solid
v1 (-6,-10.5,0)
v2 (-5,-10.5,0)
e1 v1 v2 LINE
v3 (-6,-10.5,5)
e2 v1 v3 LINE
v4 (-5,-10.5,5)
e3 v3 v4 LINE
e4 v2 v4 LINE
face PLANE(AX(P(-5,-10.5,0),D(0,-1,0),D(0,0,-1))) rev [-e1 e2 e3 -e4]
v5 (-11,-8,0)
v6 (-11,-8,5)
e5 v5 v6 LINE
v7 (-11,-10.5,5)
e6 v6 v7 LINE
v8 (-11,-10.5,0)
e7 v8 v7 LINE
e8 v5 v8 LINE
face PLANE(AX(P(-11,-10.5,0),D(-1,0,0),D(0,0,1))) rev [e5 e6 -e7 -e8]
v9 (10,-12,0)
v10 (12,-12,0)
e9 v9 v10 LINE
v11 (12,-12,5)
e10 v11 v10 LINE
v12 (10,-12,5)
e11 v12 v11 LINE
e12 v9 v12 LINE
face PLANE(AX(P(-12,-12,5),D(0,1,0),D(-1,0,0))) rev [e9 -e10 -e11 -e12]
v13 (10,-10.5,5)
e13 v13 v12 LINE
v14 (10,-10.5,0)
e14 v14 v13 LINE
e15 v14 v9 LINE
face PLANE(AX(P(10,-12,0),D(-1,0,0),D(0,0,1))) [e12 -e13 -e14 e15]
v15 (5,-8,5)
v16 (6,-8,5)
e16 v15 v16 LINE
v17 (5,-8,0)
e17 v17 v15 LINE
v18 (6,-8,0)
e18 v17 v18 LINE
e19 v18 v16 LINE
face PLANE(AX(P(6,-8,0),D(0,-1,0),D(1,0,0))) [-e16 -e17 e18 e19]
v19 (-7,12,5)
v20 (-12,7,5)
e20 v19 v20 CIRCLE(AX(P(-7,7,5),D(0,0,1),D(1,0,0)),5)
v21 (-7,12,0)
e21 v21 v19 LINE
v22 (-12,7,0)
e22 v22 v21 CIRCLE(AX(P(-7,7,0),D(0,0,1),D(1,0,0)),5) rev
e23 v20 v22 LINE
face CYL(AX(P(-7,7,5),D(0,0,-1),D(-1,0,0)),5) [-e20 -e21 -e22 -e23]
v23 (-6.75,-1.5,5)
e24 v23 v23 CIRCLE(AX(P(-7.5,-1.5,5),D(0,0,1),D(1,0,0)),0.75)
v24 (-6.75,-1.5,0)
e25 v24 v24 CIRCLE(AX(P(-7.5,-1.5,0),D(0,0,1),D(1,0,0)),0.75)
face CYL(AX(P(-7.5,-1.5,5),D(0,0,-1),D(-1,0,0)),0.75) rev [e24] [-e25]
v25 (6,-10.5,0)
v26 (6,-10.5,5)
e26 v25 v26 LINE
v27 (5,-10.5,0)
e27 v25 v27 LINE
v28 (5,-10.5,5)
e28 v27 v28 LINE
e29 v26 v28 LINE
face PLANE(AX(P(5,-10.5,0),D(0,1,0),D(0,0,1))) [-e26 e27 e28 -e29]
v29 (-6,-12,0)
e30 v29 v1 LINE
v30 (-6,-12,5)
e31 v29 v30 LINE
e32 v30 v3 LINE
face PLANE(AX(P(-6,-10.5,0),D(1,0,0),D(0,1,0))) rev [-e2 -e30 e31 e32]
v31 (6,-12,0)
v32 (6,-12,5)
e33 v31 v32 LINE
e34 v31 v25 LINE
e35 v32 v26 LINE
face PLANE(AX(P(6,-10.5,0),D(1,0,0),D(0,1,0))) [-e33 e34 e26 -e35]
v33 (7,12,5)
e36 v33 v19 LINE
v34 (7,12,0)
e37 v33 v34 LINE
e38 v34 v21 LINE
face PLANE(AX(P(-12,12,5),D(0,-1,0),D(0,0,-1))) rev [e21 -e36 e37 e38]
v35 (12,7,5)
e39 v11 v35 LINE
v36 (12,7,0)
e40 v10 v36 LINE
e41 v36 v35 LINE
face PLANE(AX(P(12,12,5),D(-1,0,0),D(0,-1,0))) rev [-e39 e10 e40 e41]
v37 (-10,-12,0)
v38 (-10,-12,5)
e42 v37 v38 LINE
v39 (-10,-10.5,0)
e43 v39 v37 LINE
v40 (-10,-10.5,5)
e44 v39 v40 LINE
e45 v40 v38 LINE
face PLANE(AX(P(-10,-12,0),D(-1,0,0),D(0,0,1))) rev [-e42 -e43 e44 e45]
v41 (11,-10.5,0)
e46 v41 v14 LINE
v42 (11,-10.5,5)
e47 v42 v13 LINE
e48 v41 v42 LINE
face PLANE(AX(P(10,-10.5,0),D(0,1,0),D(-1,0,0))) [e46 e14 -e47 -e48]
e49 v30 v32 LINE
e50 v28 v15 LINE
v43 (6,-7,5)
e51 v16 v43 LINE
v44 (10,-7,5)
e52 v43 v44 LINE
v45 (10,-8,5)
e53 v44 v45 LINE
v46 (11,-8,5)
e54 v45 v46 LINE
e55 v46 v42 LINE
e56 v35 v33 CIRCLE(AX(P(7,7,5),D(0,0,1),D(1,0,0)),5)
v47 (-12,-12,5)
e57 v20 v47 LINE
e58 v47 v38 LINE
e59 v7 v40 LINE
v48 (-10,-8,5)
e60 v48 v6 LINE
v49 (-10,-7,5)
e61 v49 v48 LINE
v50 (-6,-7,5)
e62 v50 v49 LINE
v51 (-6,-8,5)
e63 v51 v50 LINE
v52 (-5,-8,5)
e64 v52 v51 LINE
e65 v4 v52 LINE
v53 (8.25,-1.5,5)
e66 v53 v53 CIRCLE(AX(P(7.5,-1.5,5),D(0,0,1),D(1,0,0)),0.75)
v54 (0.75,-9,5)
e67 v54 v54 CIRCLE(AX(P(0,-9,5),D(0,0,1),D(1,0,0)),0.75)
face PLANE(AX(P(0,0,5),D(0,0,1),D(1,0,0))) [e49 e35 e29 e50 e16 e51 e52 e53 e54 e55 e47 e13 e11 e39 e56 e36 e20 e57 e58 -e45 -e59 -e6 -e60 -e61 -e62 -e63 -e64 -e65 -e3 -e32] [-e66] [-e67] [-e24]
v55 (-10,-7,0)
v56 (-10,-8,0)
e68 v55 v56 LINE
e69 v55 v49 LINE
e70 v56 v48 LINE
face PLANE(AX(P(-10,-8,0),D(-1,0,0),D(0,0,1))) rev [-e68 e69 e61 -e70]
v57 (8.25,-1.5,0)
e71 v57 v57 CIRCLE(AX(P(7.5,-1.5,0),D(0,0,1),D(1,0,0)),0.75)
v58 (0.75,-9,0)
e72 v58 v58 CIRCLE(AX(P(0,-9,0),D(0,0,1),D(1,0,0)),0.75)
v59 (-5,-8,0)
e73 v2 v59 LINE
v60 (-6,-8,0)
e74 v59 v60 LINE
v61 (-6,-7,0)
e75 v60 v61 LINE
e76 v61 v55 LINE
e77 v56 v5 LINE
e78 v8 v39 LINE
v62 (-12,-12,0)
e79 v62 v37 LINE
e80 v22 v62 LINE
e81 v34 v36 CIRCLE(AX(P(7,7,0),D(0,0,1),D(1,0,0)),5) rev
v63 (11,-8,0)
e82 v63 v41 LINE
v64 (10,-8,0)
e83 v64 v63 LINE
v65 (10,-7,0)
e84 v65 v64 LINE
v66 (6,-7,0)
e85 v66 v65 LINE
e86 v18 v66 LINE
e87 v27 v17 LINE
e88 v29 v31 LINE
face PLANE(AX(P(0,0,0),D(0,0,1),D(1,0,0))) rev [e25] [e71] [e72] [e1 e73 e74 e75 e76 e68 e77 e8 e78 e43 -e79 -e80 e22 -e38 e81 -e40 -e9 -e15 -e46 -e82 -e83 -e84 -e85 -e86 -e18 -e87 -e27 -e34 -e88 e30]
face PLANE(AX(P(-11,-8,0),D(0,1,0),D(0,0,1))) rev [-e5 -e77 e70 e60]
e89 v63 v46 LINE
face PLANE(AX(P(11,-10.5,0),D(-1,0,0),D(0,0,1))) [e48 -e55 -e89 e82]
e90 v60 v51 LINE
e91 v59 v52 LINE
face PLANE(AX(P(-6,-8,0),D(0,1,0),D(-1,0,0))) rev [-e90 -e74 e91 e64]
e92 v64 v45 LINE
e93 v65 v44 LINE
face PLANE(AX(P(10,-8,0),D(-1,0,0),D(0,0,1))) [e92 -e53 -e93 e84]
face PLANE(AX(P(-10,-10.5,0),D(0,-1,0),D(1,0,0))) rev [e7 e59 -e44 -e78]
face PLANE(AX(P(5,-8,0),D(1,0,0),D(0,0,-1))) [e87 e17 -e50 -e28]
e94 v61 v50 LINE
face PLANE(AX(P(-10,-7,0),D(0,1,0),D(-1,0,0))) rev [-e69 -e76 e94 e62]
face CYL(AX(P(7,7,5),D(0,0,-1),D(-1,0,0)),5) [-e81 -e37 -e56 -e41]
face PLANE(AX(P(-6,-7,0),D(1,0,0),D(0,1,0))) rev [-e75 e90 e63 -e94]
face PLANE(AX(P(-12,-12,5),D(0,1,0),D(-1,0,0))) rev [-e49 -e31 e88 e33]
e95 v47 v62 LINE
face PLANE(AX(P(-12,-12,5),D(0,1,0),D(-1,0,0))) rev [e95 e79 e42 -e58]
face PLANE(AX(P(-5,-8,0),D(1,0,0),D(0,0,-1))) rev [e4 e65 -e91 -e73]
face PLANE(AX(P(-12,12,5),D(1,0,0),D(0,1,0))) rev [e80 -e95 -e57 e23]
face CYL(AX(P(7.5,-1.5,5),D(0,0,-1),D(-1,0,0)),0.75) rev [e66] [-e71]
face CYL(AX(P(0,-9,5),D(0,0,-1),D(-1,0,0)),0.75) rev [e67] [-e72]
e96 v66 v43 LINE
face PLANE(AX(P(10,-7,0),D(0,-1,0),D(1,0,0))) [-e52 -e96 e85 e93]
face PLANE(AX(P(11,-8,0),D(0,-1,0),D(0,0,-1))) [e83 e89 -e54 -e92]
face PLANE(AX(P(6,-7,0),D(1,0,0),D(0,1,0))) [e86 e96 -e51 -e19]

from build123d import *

# Parameters (mm, degrees)
SKETCH1_W           = 24
SKETCH1_H           = 24
SKETCH1_R           = 0.75
BOSS_EXTRUDE1_DEPTH = 5
FILLET1_R           = 5
CUT_EXTRUDE1_DEPTH  = 5


with BuildPart() as part:
    # Sketch1 → Boss-Extrude1 (new body)
    with BuildSketch(Plane.XY):
        Rectangle(SKETCH1_W, SKETCH1_H)
        with Locations((0, -9)):
            Circle(SKETCH1_R, mode=Mode.SUBTRACT)
        with Locations((-7.5, -1.5)):
            Circle(SKETCH1_R, mode=Mode.SUBTRACT)
        with Locations((7.5, -1.5)):
            Circle(SKETCH1_R, mode=Mode.SUBTRACT)
    extrude(amount=BOSS_EXTRUDE1_DEPTH)

    # Fillet1
    fillet1_edges = [part.edges().sort_by_distance(p)[0] for p in [
        (-12, 12, 2.5),
        (12, 12, 2.5),
    ]]
    fillet(fillet1_edges, radius=FILLET1_R)

    # Sketch2 → Cut-Extrude1 (cut)
    with BuildSketch(Plane.XY.offset(5)):
        Polygon((-10, -12), (-10, -10.5), (-11, -10.5), (-11, -8), (-10, -8), (-10, -7), (-6, -7), (-6, -8), (-5, -8), (-5, -10.5), (-6, -10.5), (-6, -12), align=None)
    cut_extrude1 = extrude(amount=-CUT_EXTRUDE1_DEPTH, mode=Mode.SUBTRACT)

    # Mirror1: Cut-Extrude1 across plane
    add(cut_extrude1.mirror(Plane(origin=(0, 0, 0), x_dir=(0, 0, 1), z_dir=(1, 0, 0))), mode=Mode.SUBTRACT)


solid = part.part
